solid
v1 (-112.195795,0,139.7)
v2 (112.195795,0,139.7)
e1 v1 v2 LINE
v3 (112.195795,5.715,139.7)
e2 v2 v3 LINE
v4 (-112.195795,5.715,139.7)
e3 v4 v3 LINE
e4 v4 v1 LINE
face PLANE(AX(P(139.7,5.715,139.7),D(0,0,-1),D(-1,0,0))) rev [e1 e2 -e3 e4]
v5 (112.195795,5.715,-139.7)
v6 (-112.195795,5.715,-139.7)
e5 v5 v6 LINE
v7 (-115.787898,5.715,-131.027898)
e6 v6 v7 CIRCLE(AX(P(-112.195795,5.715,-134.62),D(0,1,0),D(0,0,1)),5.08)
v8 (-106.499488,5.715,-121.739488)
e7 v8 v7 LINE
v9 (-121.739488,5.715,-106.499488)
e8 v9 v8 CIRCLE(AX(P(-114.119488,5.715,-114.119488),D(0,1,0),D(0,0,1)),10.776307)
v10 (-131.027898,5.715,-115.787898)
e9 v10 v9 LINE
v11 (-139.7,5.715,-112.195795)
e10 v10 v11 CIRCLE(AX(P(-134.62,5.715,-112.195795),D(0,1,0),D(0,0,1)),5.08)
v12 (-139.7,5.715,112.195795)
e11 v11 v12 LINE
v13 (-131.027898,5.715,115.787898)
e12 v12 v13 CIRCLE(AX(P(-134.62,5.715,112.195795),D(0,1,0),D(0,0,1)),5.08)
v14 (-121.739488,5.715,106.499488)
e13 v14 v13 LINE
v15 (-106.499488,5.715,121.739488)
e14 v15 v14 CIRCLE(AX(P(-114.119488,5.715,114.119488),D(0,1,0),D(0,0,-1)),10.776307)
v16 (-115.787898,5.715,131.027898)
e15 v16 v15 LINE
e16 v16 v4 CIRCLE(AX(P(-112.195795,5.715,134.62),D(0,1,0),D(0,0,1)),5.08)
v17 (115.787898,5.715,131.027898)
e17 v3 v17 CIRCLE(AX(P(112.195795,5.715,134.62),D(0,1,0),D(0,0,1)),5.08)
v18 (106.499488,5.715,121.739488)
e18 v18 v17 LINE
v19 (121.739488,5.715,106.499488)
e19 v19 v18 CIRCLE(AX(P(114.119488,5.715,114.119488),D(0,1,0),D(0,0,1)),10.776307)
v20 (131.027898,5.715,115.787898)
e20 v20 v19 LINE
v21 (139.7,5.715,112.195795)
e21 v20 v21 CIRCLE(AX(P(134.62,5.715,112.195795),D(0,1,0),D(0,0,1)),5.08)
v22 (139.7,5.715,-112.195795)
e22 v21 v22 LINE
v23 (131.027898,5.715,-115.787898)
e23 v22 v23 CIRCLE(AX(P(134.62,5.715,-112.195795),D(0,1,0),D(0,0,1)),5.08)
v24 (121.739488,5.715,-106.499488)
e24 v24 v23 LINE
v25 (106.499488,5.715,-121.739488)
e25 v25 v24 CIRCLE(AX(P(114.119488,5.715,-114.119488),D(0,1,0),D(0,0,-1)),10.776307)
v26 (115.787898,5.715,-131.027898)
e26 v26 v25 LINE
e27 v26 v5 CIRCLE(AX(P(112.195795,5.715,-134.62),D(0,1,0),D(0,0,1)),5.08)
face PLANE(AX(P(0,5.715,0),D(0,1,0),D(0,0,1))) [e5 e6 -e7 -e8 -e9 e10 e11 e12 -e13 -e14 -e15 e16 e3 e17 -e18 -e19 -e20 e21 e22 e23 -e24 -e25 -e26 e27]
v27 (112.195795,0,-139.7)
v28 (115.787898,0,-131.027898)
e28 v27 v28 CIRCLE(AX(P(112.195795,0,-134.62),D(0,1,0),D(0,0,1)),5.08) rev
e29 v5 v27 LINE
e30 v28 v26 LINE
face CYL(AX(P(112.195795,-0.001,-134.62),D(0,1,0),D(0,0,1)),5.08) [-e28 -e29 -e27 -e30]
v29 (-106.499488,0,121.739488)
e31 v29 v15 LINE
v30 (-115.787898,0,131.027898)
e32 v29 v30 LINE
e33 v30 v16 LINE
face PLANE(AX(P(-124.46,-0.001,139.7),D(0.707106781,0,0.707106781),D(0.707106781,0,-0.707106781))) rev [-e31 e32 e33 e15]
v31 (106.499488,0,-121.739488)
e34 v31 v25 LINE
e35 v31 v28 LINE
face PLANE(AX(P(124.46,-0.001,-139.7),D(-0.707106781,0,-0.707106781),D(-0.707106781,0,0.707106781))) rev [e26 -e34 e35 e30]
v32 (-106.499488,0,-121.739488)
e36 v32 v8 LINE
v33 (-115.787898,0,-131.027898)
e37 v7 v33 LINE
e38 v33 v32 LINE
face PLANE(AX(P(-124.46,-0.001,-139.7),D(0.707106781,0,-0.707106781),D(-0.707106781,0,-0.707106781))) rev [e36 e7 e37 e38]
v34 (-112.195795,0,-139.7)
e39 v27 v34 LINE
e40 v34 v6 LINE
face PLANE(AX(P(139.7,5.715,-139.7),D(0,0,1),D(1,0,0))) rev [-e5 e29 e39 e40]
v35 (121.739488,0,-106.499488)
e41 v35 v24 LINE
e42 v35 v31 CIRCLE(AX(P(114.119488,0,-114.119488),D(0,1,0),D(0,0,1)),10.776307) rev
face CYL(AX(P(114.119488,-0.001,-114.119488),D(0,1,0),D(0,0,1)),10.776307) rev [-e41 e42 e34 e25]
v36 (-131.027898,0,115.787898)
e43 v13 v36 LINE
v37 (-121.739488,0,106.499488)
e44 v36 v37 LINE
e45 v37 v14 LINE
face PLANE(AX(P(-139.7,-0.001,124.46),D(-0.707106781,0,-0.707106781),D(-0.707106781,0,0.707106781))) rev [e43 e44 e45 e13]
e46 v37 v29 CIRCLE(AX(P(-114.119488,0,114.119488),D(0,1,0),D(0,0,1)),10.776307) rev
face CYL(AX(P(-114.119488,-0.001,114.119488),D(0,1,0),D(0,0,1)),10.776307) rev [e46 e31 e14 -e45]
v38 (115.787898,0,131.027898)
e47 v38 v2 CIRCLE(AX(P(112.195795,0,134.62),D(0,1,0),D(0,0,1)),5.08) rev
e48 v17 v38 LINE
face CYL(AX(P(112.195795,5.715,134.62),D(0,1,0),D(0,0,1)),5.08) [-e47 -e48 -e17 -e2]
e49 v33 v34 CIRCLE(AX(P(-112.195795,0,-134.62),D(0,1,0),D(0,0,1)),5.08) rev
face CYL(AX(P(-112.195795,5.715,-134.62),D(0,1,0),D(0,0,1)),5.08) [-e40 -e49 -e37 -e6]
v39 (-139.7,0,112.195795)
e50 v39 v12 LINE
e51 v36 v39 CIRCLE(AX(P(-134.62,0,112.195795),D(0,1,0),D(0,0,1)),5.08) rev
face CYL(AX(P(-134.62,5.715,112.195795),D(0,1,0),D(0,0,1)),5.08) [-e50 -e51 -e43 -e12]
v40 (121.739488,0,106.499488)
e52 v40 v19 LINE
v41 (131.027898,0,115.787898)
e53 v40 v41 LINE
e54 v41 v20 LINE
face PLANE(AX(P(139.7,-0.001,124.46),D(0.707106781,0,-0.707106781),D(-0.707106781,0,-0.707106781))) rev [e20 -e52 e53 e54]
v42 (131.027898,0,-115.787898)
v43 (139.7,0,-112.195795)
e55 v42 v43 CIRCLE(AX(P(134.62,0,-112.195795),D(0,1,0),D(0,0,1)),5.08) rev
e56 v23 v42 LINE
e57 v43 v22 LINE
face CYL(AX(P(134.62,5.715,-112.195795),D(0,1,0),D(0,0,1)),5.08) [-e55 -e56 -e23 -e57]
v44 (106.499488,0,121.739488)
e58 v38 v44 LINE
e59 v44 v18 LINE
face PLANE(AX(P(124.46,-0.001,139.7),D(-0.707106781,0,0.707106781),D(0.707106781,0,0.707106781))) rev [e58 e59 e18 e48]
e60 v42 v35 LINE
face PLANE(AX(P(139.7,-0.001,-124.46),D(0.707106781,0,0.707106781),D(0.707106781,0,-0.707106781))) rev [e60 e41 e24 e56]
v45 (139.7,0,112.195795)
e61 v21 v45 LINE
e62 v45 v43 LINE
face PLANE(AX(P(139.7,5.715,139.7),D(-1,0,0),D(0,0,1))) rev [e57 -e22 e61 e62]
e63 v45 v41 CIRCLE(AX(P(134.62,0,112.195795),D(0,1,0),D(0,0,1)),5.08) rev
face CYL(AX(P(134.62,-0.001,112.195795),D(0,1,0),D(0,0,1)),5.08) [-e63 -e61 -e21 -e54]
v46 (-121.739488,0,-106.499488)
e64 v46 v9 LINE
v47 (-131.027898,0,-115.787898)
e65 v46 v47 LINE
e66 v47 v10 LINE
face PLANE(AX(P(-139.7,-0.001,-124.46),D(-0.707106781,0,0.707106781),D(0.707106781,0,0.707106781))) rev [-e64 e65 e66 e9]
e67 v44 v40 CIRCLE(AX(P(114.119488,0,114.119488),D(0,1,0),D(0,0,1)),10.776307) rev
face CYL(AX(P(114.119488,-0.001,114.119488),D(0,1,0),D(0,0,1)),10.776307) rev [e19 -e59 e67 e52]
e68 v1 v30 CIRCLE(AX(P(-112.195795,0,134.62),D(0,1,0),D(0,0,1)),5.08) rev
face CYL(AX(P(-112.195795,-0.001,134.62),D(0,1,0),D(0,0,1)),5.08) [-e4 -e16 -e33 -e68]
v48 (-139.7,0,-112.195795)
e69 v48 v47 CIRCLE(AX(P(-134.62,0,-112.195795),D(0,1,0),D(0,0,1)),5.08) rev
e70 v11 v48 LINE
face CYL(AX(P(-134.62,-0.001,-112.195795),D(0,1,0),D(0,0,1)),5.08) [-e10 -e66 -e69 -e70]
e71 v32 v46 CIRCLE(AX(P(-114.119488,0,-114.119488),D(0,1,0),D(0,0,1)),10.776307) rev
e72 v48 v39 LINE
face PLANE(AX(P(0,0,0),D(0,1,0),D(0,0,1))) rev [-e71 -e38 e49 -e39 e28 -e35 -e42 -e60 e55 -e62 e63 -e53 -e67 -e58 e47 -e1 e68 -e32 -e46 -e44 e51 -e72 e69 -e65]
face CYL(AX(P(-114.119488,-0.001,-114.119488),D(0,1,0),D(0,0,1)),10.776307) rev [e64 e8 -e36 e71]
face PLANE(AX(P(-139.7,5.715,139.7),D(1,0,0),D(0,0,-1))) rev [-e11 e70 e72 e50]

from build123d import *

# Parameters (mm, degrees)
SKETCH1_W           = 279.4
SKETCH1_H           = 279.4
BOSS_EXTRUDE1_DEPTH = 5.715
CUT_EXTRUDE4_REACH  = 199.648
SKETCH6_R           = 5.0419
CUT_EXTRUDE6_REACH  = 199.648
FILLET1_R           = 5.08


with BuildPart() as part:
    # Sketch1 → Boss-Extrude1 (new body)
    with BuildSketch(Plane(origin=(0, 0, 0), x_dir=(1, 0, 0), z_dir=(0, 1, 0))):
        Rectangle(SKETCH1_W, SKETCH1_H)
    extrude(amount=BOSS_EXTRUDE1_DEPTH)

    # Sketch6 → Cut-Extrude4 (cut, up to next)
    with BuildSketch(Plane(origin=(0, 5.715, 0), x_dir=(1, 0, 0), z_dir=(0, 1, 0)), mode=Mode.PRIVATE) as cut_extrude4_sk1:
        with Locations((-114.3, 114.3)):
            Circle(SKETCH6_R)
    cut_extrude4_tool1 = extrude(cut_extrude4_sk1.sketch, amount=-CUT_EXTRUDE4_REACH, mode=Mode.PRIVATE) & part.part
    # Sketch6 → Cut-Extrude4 (cut, up to next)
    with BuildSketch(Plane(origin=(0, 5.715, 0), x_dir=(1, 0, 0), z_dir=(0, 1, 0)), mode=Mode.PRIVATE) as cut_extrude4_sk2:
        with Locations((114.3, 114.3)):
            Circle(SKETCH6_R)
    cut_extrude4_tool2 = extrude(cut_extrude4_sk2.sketch, amount=-CUT_EXTRUDE4_REACH, mode=Mode.PRIVATE) & part.part
    # Sketch6 → Cut-Extrude4 (cut, up to next)
    with BuildSketch(Plane(origin=(0, 5.715, 0), x_dir=(1, 0, 0), z_dir=(0, 1, 0)), mode=Mode.PRIVATE) as cut_extrude4_sk3:
        with Locations((114.3, -114.3)):
            Circle(SKETCH6_R)
    cut_extrude4_tool3 = extrude(cut_extrude4_sk3.sketch, amount=-CUT_EXTRUDE4_REACH, mode=Mode.PRIVATE) & part.part
    # Sketch6 → Cut-Extrude4 (cut, up to next)
    with BuildSketch(Plane(origin=(0, 5.715, 0), x_dir=(1, 0, 0), z_dir=(0, 1, 0)), mode=Mode.PRIVATE) as cut_extrude4_sk4:
        with Locations((-114.3, -114.3)):
            Circle(SKETCH6_R)
    cut_extrude4_tool4 = extrude(cut_extrude4_sk4.sketch, amount=-CUT_EXTRUDE4_REACH, mode=Mode.PRIVATE) & part.part
    add(cut_extrude4_tool1.solids().sort_by_distance((-114.3, 5.715, -114.3))[0], mode=Mode.SUBTRACT)
    add(cut_extrude4_tool2.solids().sort_by_distance((114.3, 5.715, -114.3))[0], mode=Mode.SUBTRACT)
    add(cut_extrude4_tool3.solids().sort_by_distance((114.3, 5.715, 114.3))[0], mode=Mode.SUBTRACT)
    add(cut_extrude4_tool4.solids().sort_by_distance((-114.3, 5.715, 114.3))[0], mode=Mode.SUBTRACT)

    # Sketch8 → Cut-Extrude6 (cut, up to next)
    with BuildSketch(Plane(origin=(0, 5.715, 0), x_dir=(1, 0, 0), z_dir=(0, 1, 0)), mode=Mode.PRIVATE) as cut_extrude6_sk1:
        with BuildLine():
            Line((-139.7, 139.7), (-139.7, 124.46))
            Line((-139.7, 124.46), (-121.739487758, 106.499487758))
            ThreePointArc((-121.739487758, 106.499487758), (-106.499487758, 106.499487758), (-106.499487758, 121.739487758))
            Line((-106.499487758, 121.739487758), (-124.46, 139.7))
            Line((-124.46, 139.7), (-139.7, 139.7))
        make_face()
    cut_extrude6_tool1 = extrude(cut_extrude6_sk1.sketch, amount=-CUT_EXTRUDE6_REACH, mode=Mode.PRIVATE) & part.part
    # Sketch8 → Cut-Extrude6 (cut, up to next)
    with BuildSketch(Plane(origin=(0, 5.715, 0), x_dir=(1, 0, 0), z_dir=(0, 1, 0)), mode=Mode.PRIVATE) as cut_extrude6_sk2:
        with BuildLine():
            Line((-124.46, -139.7), (-106.499487758, -121.739487758))
            ThreePointArc((-106.499487758, -121.739487758), (-106.499487758, -106.499487758), (-121.739487758, -106.499487758))
            Line((-121.739487758, -106.499487758), (-139.7, -124.46))
            Line((-139.7, -124.46), (-139.7, -139.7))
            Line((-139.7, -139.7), (-124.46, -139.7))
        make_face()
    cut_extrude6_tool2 = extrude(cut_extrude6_sk2.sketch, amount=-CUT_EXTRUDE6_REACH, mode=Mode.PRIVATE) & part.part
    # Sketch8 → Cut-Extrude6 (cut, up to next)
    with BuildSketch(Plane(origin=(0, 5.715, 0), x_dir=(1, 0, 0), z_dir=(0, 1, 0)), mode=Mode.PRIVATE) as cut_extrude6_sk3:
        with BuildLine():
            Line((139.7, -139.7), (139.7, -124.46))
            Line((139.7, -124.46), (121.739487758, -106.499487758))
            ThreePointArc((121.739487758, -106.499487758), (106.499487758, -106.499487758), (106.499487758, -121.739487758))
            Line((106.499487758, -121.739487758), (124.46, -139.7))
            Line((124.46, -139.7), (139.7, -139.7))
        make_face()
    cut_extrude6_tool3 = extrude(cut_extrude6_sk3.sketch, amount=-CUT_EXTRUDE6_REACH, mode=Mode.PRIVATE) & part.part
    # Sketch8 → Cut-Extrude6 (cut, up to next)
    with BuildSketch(Plane(origin=(0, 5.715, 0), x_dir=(1, 0, 0), z_dir=(0, 1, 0)), mode=Mode.PRIVATE) as cut_extrude6_sk4:
        with BuildLine():
            Line((124.46, 139.7), (106.499487758, 121.739487758))
            ThreePointArc((106.499487758, 121.739487758), (106.499487758, 106.499487758), (121.739487758, 106.499487758))
            Line((121.739487758, 106.499487758), (139.7, 124.46))
            Line((139.7, 124.46), (139.7, 139.7))
            Line((139.7, 139.7), (124.46, 139.7))
        make_face()
    cut_extrude6_tool4 = extrude(cut_extrude6_sk4.sketch, amount=-CUT_EXTRUDE6_REACH, mode=Mode.PRIVATE) & part.part
    add(cut_extrude6_tool1.solids().sort_by_distance((-122.047436, 5.715, -122.047436))[0], mode=Mode.SUBTRACT)
    add(cut_extrude6_tool2.solids().sort_by_distance((-122.047436, 5.715, 122.047436))[0], mode=Mode.SUBTRACT)
    add(cut_extrude6_tool3.solids().sort_by_distance((122.047436, 5.715, 122.047436))[0], mode=Mode.SUBTRACT)
    add(cut_extrude6_tool4.solids().sort_by_distance((122.047436, 5.715, -122.047436))[0], mode=Mode.SUBTRACT)

    # Fillet1
    fillet1_edges = [part.edges().sort_by_distance(p)[0] for p in [
        (124.46, 2.8575, 139.7),
        (139.7, 2.8575, 124.46),
        (-124.46, 2.8575, 139.7),
        (-139.7, 2.8575, 124.46),
        (139.7, 2.8575, -124.46),
        (124.46, 2.8575, -139.7),
        (-139.7, 2.8575, -124.46),
        (-124.46, 2.8575, -139.7),
    ]]
    fillet(fillet1_edges, radius=FILLET1_R)


solid = part.part
